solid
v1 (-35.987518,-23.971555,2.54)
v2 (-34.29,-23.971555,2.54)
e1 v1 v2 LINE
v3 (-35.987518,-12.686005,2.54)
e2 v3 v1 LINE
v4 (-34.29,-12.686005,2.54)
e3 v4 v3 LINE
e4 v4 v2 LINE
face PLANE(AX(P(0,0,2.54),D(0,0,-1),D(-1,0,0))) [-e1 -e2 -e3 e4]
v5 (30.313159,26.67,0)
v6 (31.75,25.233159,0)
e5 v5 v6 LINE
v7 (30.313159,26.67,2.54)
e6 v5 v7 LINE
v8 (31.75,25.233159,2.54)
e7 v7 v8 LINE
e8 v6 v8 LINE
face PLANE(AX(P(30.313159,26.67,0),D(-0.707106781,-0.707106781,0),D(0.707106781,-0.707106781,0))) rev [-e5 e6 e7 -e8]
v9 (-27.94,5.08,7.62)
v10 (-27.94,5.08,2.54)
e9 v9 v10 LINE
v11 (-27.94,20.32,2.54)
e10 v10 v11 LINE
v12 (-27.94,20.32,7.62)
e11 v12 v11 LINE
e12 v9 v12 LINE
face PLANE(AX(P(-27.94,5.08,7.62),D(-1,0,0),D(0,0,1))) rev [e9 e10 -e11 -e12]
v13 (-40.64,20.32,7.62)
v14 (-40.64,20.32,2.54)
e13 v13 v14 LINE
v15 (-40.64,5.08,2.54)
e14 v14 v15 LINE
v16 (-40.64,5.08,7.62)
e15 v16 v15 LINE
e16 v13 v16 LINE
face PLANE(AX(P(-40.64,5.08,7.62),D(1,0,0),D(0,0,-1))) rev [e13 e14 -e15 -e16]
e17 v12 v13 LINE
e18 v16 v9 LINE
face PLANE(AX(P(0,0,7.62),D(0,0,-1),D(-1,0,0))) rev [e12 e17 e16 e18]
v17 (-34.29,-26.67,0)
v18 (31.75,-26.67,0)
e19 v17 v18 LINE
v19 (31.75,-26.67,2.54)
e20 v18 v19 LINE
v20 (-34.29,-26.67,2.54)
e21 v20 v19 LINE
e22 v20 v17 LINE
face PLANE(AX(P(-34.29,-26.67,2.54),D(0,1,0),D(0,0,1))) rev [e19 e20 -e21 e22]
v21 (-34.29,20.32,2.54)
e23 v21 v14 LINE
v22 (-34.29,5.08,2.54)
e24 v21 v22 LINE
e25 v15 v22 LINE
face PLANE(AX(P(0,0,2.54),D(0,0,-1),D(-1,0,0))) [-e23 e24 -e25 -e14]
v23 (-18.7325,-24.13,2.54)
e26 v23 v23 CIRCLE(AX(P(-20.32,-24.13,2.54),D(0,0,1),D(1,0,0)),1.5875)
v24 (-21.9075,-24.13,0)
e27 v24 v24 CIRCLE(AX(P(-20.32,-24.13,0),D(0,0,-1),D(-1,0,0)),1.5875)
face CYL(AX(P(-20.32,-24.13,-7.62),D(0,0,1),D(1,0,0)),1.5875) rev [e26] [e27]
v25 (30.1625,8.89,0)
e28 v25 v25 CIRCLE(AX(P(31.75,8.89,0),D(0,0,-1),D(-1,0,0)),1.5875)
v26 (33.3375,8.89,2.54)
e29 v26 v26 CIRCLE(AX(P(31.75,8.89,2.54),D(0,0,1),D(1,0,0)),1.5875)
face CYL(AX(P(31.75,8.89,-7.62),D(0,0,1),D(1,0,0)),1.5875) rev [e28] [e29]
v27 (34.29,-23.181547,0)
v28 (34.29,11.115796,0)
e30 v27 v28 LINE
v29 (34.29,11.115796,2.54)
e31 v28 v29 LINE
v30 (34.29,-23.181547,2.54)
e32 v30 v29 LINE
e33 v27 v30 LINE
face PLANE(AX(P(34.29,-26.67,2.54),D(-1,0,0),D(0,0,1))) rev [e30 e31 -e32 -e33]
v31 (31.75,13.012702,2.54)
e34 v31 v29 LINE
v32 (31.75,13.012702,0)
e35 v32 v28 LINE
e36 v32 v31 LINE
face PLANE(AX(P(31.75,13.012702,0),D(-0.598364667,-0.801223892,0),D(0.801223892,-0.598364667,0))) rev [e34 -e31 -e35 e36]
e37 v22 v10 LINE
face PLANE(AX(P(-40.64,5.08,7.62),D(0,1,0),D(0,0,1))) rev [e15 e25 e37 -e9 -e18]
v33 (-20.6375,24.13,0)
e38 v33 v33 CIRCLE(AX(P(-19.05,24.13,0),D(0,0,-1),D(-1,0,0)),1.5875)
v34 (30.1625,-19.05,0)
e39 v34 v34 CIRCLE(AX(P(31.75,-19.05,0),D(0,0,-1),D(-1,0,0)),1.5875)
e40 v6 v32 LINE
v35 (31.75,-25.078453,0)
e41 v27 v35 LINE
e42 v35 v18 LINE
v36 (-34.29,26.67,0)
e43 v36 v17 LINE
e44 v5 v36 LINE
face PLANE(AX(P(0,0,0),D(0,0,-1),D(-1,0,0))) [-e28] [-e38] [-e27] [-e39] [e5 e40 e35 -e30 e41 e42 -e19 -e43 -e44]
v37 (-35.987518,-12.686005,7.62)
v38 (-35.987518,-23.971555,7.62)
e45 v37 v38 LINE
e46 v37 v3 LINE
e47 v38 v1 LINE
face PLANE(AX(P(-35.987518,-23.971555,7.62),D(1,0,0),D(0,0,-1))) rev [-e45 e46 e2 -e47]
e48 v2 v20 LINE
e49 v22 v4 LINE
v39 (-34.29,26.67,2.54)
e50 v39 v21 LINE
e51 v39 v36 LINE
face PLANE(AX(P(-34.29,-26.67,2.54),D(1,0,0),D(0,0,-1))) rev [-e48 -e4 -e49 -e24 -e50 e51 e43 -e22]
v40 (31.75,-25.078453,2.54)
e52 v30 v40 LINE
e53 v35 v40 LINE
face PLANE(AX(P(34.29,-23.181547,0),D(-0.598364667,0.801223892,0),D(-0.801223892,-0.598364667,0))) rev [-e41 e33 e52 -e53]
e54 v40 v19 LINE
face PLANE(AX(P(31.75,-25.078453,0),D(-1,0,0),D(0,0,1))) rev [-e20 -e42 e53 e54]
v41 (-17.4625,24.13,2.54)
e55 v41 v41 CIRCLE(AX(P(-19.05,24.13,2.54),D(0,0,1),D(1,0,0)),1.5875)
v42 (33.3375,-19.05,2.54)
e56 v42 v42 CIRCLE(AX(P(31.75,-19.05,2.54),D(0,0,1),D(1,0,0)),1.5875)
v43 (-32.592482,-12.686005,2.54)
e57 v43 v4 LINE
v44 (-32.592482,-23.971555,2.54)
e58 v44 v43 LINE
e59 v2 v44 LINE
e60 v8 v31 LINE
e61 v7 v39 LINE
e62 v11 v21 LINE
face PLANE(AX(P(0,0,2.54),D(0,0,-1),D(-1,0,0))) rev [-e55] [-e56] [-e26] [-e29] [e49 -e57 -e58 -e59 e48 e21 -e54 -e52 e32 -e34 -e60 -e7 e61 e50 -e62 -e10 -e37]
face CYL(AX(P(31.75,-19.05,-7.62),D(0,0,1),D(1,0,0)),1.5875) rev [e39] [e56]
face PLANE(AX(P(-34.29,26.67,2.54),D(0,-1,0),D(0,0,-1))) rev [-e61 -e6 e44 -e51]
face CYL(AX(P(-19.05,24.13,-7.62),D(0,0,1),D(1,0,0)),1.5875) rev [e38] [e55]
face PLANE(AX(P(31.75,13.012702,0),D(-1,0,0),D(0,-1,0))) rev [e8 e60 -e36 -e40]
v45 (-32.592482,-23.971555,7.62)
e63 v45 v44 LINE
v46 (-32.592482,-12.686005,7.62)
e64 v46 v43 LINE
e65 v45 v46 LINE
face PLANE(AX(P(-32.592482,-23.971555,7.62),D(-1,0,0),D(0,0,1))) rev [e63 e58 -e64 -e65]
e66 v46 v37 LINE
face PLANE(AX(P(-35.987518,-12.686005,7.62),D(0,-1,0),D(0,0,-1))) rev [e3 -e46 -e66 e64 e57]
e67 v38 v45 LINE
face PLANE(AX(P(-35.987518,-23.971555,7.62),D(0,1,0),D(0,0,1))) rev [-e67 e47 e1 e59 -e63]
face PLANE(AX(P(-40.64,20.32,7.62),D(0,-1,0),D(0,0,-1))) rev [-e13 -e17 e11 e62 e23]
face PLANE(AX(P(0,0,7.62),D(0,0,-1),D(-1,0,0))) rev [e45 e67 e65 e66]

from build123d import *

# Parameters (mm, degrees)
SKETCH1_W           = 68.58
SKETCH1_H           = 53.34
BOSS_EXTRUDE1_DEPTH = 2.54
SKETCH2_W           = 12.7
SKETCH2_H           = 15.24
SKETCH2_W_2         = 3.39503639
SKETCH2_H_2         = 11.2855496
BOSS_EXTRUDE2_DEPTH = 5.08
SKETCH3_R           = 1.5875
CUT_EXTRUDE1_DEPTH  = 10.16
CUT_EXTRUDE2_DEPTH  = 3.54


with BuildPart() as part:
    # Sketch1 → Boss-Extrude1 (new body)
    with BuildSketch(Plane.XY):
        Rectangle(SKETCH1_W, SKETCH1_H)
    extrude(amount=BOSS_EXTRUDE1_DEPTH)

    # Sketch2 → Boss-Extrude2 (add)
    with BuildSketch(Plane.XY.offset(2.54)):
        with Locations((-34.29, 12.7)):
            Rectangle(SKETCH2_W, SKETCH2_H)
        with Locations((-34.29, -18.328779787)):
            Rectangle(SKETCH2_W_2, SKETCH2_H_2)
    extrude(amount=BOSS_EXTRUDE2_DEPTH)

    # Sketch3 → Cut-Extrude1 (cut)
    with BuildSketch(Plane.XY.offset(2.54)):
        with Locations((-19.05, 24.13)):
            Circle(SKETCH3_R)
        with Locations((-20.32, -24.13)):
            Circle(SKETCH3_R)
        with Locations((31.75, 8.89)):
            Circle(SKETCH3_R)
        with Locations((31.75, -19.05)):
            Circle(SKETCH3_R)
    extrude(amount=-CUT_EXTRUDE1_DEPTH, mode=Mode.SUBTRACT)

    # Sketch4 → Cut-Extrude2 (cut, through all)
    with BuildSketch(Plane.XY.offset(2.54)):
        Polygon((30.313159021, 26.67), (31.75, 25.233159021), (31.75, 13.012702255), (34.29, 11.115796447), (34.29, 26.67), align=None)
        Polygon((34.29, -23.181547096), (31.75, -25.078452904), (31.75, -26.67), (34.29, -26.67), align=None)
    extrude(amount=-CUT_EXTRUDE2_DEPTH, mode=Mode.SUBTRACT)


solid = part.part
